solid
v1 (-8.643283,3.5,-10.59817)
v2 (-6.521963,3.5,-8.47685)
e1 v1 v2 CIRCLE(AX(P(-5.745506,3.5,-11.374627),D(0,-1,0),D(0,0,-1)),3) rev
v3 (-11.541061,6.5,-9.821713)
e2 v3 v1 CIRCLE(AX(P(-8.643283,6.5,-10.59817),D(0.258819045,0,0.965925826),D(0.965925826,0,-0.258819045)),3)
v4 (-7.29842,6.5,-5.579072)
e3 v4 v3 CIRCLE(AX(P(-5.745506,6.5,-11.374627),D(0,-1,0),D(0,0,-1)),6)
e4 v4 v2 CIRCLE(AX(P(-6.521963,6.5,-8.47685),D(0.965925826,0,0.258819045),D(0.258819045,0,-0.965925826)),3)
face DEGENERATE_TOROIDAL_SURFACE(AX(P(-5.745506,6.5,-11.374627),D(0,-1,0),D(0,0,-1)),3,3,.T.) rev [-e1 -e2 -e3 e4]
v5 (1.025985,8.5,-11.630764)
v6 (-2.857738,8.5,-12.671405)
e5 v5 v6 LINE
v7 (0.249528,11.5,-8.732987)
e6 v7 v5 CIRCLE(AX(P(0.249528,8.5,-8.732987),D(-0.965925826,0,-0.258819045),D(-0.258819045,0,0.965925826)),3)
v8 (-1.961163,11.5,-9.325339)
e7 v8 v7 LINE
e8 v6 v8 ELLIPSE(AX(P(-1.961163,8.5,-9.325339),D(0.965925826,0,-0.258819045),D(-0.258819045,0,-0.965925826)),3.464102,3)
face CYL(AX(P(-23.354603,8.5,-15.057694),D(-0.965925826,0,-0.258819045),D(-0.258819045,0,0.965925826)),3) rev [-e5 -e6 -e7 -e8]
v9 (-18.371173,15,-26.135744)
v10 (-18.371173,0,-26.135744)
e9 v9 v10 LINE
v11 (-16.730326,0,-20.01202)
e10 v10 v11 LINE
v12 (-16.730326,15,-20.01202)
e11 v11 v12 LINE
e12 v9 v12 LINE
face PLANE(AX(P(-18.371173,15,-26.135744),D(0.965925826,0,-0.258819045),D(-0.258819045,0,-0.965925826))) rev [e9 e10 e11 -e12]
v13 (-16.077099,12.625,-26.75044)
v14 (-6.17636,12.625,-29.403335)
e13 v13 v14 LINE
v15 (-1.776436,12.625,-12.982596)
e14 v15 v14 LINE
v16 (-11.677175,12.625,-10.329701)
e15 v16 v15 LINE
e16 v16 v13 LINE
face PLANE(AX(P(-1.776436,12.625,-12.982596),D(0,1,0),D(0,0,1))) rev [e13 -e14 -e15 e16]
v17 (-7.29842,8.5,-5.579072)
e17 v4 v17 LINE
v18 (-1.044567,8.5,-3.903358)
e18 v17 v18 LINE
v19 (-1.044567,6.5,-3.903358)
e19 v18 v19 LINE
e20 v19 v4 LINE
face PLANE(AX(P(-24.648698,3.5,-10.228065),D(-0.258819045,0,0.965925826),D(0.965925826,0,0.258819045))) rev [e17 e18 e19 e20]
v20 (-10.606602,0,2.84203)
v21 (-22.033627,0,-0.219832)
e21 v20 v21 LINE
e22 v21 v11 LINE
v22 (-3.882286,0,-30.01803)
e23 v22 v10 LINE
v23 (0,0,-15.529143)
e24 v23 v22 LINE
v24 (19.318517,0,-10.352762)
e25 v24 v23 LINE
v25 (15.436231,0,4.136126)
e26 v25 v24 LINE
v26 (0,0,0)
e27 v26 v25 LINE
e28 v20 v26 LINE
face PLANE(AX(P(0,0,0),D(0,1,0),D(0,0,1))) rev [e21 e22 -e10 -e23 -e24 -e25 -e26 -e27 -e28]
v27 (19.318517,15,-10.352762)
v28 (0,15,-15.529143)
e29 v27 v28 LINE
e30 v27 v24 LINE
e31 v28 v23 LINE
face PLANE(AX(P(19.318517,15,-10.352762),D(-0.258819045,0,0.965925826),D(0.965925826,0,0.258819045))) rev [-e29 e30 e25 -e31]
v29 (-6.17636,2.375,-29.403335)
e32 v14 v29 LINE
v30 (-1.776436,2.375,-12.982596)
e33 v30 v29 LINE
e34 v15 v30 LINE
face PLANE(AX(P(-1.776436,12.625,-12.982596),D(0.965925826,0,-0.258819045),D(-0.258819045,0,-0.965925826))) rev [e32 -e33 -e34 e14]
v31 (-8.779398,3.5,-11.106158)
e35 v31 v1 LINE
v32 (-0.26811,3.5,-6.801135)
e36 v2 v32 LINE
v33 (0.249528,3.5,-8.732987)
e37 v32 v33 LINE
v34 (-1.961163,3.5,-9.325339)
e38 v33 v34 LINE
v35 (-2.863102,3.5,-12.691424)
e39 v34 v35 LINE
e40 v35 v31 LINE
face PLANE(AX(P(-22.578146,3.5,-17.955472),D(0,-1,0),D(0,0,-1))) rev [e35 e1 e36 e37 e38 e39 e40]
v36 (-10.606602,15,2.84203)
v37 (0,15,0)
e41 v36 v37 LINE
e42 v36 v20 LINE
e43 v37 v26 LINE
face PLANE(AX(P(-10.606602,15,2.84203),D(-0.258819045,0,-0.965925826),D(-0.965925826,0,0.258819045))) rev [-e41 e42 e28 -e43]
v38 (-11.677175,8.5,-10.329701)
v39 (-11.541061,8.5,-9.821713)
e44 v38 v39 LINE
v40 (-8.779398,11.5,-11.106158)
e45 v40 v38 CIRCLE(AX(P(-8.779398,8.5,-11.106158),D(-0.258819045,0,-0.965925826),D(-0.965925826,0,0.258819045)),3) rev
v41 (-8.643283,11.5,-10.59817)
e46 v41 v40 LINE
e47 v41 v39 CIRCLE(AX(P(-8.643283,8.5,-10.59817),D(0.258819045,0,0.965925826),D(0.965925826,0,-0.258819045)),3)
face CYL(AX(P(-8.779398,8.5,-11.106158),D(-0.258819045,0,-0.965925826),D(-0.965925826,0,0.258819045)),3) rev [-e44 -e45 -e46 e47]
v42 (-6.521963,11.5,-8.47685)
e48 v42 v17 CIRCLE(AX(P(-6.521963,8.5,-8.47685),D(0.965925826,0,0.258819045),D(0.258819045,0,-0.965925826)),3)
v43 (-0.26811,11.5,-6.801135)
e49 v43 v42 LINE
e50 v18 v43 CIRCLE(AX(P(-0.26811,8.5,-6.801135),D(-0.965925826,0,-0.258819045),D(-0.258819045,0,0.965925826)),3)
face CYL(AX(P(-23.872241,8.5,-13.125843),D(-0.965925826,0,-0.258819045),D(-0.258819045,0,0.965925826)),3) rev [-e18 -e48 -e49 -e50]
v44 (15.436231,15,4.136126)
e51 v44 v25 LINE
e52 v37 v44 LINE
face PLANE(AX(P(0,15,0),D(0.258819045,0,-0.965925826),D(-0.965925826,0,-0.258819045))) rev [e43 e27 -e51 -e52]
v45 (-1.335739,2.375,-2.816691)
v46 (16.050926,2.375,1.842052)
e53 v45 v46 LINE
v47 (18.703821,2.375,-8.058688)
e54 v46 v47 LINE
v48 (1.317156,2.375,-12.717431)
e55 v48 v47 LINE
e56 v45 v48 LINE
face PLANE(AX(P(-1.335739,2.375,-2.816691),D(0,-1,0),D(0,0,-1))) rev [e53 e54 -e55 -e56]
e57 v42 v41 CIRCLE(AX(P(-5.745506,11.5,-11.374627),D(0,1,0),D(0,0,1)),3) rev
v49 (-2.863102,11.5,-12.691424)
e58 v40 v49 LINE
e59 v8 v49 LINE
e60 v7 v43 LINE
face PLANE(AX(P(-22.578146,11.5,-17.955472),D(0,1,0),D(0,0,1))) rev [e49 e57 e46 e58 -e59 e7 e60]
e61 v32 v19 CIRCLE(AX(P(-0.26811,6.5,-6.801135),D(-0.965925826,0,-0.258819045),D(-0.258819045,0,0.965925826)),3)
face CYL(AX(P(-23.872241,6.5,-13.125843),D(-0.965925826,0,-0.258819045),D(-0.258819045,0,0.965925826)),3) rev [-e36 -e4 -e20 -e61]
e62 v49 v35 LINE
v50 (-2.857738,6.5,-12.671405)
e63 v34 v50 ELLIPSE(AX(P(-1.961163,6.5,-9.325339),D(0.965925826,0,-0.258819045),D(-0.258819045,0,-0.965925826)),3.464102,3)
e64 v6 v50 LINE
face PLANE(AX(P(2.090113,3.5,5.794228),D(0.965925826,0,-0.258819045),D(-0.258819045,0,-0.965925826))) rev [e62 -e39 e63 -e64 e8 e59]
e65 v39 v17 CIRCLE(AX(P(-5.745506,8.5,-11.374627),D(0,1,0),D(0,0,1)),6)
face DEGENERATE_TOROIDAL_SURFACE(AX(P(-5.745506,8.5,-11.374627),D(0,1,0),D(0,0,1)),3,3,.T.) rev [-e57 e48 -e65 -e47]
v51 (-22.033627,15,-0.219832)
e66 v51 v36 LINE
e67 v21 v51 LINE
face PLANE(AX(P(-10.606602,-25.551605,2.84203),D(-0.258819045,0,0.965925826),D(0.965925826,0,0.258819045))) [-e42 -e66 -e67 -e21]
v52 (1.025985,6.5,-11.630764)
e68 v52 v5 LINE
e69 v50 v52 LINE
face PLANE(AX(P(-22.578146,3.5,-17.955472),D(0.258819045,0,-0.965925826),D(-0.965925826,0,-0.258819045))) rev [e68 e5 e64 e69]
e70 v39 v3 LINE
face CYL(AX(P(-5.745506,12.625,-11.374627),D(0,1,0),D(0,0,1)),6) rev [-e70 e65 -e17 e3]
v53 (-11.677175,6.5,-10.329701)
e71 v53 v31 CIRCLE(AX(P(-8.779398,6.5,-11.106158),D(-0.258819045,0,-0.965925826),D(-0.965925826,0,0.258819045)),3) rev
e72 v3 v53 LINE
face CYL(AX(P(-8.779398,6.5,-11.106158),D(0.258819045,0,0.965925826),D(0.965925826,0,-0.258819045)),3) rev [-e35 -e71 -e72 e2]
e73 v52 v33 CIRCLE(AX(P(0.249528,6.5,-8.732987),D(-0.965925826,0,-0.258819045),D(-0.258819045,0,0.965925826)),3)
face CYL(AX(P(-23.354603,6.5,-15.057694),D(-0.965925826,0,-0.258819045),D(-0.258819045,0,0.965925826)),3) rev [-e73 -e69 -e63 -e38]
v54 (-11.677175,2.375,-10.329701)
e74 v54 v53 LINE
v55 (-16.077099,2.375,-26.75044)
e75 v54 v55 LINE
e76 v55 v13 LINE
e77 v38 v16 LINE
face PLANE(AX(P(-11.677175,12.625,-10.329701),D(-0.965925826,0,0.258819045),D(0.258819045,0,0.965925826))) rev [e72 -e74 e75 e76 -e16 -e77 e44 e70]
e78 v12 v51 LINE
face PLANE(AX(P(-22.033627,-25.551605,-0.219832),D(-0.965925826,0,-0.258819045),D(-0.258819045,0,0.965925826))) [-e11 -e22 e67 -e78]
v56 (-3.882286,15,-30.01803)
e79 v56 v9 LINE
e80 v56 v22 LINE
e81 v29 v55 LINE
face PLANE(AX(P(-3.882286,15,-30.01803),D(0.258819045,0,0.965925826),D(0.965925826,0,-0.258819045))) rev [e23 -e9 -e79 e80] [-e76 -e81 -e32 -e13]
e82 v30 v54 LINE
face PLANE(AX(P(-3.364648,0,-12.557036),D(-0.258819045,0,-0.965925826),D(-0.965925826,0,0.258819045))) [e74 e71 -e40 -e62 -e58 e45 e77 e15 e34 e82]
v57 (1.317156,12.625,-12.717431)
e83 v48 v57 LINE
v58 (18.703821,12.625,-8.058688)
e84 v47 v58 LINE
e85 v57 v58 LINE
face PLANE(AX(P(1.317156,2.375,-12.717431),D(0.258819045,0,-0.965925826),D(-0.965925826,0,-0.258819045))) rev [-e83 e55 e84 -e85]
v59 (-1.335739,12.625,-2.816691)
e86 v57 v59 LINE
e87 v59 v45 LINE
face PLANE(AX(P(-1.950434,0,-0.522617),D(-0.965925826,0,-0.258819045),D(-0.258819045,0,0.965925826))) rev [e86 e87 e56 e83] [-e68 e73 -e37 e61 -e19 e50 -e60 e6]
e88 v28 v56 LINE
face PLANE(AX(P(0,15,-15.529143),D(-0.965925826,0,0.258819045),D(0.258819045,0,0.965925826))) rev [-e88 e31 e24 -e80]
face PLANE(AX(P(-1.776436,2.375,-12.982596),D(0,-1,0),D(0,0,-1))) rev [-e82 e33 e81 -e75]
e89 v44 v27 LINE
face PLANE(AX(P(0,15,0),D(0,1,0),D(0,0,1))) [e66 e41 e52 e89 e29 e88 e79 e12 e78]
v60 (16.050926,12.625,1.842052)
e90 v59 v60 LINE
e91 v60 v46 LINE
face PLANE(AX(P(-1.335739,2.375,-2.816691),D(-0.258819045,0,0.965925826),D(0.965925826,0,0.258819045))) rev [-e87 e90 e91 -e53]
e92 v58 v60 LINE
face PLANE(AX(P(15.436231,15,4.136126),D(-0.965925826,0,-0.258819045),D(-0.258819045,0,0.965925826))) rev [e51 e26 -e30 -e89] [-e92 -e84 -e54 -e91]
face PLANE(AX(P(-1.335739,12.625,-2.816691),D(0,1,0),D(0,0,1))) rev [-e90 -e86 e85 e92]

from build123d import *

# Parameters (mm, degrees)
BOSS_EXTRUDE1_DEPTH = 15
SKETCH2_W           = 10.25
SKETCH2_H           = 10.25
CUT_EXTRUDE1_DEPTH  = 18
SKETCH3_W           = 10.25
SKETCH3_H           = 10.25
CUT_EXTRUDE2_DEPTH  = 17
CUT_EXTRUDE3_REACH  = 41.336
SKETCH4_W           = 8
SKETCH4_H           = 8
CUT_EXTRUDE4_REACH  = 34.317
SKETCH5_W           = 8
SKETCH5_H           = 8
FILLET1_R           = 6
FILLET2_R           = 3
BOSS_EXTRUDE2_DEPTH = 15


with BuildPart() as part:
    # Sketch1 → Boss-Extrude1 (new body)
    with BuildSketch(Plane(origin=(0, 0, 0), x_dir=(1, 0, 0), z_dir=(0, 1, 0))):
        Polygon((0, 0), (15.436230849, -4.13612559), (19.318516526, 10.352761804), (0, 15.529142706), (-3.882285677, 30.0180301), (-18.371173071, 26.135744424), (-10.606601718, -2.842030365), align=None)
    extrude(amount=BOSS_EXTRUDE1_DEPTH)

    # Sketch2 → Cut-Extrude1 (cut)
    with BuildSketch(Plane(origin=(15.436230849, 0, 4.13612559), x_dir=(0.2588190451025214, 0, -0.9659258262890681), z_dir=(0.9659258262890681, 0, 0.2588190451025214))):
        with Locations((7.5, 7.5)):
            Rectangle(SKETCH2_W, SKETCH2_H)
    extrude(amount=-CUT_EXTRUDE1_DEPTH, mode=Mode.SUBTRACT)

    # Sketch3 → Cut-Extrude2 (cut)
    with BuildSketch(Plane(origin=(-7.764571353, 0, -28.977774789), x_dir=(-0.9659258262890682, 0, 0.2588190451025212), z_dir=(-0.2588190451025212, 0, -0.9659258262890682))):
        with Locations((3.480762114, 7.5)):
            Rectangle(SKETCH3_W, SKETCH3_H)
    extrude(amount=-CUT_EXTRUDE2_DEPTH, mode=Mode.SUBTRACT)

    # Cut-Extrude3: up to this plane
    cut_extrude3_end = Plane(origin=(-11.677175467, 12.625, -10.329700609), z_dir=(-0.9659258262890682, 0, 0.2588190451025212))
    # Sketch4 → Cut-Extrude3 (cut, up to the surface)
    with BuildSketch(Plane(origin=(-1.950434024, 0, -0.522617222), x_dir=(0.25881904510252146, 0, -0.9659258262890681), z_dir=(0.9659258262890681, 0, 0.25881904510252146)), mode=Mode.PRIVATE) as cut_extrude3_sk1:
        with Locations((7.5, 7.5)):
            Rectangle(SKETCH4_W, SKETCH4_H)
    cut_extrude3_tool1 = split(extrude(cut_extrude3_sk1.sketch, amount=-CUT_EXTRUDE3_REACH, mode=Mode.PRIVATE), bisect_by=cut_extrude3_end, keep=Keep.BOTH, mode=Mode.PRIVATE)
    add(cut_extrude3_tool1.solids().sort_by_distance((-0.009291, 7.5, -7.767061))[0], mode=Mode.SUBTRACT)

    # Cut-Extrude4: up to this face of the body (flat: up to its plane)
    cut_extrude4_end = Plane(part.part.faces().sort_by_distance((-5.844526251, 7.5, -5.189502721))[0])
    # Sketch5 → Cut-Extrude4 (cut, up to the picked face)
    with BuildSketch(Plane(origin=(-3.364647586, 0, -12.557035742), x_dir=(-0.9659258262890682, 0, 0.25881904510252124), z_dir=(-0.25881904510252124, 0, -0.9659258262890682)), mode=Mode.PRIVATE) as cut_extrude4_sk1:
        with Locations((3.480762114, 7.5)):
            Rectangle(SKETCH5_W, SKETCH5_H)
    cut_extrude4_tool1 = split(extrude(cut_extrude4_sk1.sketch, amount=-CUT_EXTRUDE4_REACH, mode=Mode.PRIVATE), bisect_by=cut_extrude4_end, keep=Keep.BOTH, mode=Mode.PRIVATE)
    add(cut_extrude4_tool1.solids().sort_by(Axis((-6.726806, 7.5, -11.656148), (0.25881904510252124, 0, 0.9659258262890682)))[0], mode=Mode.SUBTRACT)

    # Fillet1
    fillet1_edges = [part.edges().sort_by_distance(p)[0] for p in [
        (-10.644485136, 7.5, -6.475647828),
    ]]
    fillet(fillet1_edges, radius=FILLET1_R)

    # Fillet2
    fillet2_edges = [part.edges().sort_by_distance(p)[0] for p in [
        (-11.609118038, 11.5, -10.075706826),
        (-0.915876519, 11.5, -12.151084448),
        (-0.915876519, 3.5, -12.151084448),
        (-11.609118038, 3.5, -10.075706826),
        (-4.171493644, 3.5, -4.741214984),
        (-9.988146338, 3.5, -7.131986626),
        (-4.171493644, 11.5, -4.741214984),
        (-9.988146338, 11.5, -7.131986626),
    ]]
    fillet(fillet2_edges, radius=FILLET2_R)

    # Sketch6 → Boss-Extrude2 (add)
    with BuildSketch(Plane(origin=(0, 15, 0), x_dir=(1, 0, 0), z_dir=(0, 1, 0))):
        Polygon((-10.606601718, -2.842030365), (-22.033626934, 0.219831814), (-16.730326075, 20.012020067), align=None)
    extrude(amount=-BOSS_EXTRUDE2_DEPTH)


solid = part.part
